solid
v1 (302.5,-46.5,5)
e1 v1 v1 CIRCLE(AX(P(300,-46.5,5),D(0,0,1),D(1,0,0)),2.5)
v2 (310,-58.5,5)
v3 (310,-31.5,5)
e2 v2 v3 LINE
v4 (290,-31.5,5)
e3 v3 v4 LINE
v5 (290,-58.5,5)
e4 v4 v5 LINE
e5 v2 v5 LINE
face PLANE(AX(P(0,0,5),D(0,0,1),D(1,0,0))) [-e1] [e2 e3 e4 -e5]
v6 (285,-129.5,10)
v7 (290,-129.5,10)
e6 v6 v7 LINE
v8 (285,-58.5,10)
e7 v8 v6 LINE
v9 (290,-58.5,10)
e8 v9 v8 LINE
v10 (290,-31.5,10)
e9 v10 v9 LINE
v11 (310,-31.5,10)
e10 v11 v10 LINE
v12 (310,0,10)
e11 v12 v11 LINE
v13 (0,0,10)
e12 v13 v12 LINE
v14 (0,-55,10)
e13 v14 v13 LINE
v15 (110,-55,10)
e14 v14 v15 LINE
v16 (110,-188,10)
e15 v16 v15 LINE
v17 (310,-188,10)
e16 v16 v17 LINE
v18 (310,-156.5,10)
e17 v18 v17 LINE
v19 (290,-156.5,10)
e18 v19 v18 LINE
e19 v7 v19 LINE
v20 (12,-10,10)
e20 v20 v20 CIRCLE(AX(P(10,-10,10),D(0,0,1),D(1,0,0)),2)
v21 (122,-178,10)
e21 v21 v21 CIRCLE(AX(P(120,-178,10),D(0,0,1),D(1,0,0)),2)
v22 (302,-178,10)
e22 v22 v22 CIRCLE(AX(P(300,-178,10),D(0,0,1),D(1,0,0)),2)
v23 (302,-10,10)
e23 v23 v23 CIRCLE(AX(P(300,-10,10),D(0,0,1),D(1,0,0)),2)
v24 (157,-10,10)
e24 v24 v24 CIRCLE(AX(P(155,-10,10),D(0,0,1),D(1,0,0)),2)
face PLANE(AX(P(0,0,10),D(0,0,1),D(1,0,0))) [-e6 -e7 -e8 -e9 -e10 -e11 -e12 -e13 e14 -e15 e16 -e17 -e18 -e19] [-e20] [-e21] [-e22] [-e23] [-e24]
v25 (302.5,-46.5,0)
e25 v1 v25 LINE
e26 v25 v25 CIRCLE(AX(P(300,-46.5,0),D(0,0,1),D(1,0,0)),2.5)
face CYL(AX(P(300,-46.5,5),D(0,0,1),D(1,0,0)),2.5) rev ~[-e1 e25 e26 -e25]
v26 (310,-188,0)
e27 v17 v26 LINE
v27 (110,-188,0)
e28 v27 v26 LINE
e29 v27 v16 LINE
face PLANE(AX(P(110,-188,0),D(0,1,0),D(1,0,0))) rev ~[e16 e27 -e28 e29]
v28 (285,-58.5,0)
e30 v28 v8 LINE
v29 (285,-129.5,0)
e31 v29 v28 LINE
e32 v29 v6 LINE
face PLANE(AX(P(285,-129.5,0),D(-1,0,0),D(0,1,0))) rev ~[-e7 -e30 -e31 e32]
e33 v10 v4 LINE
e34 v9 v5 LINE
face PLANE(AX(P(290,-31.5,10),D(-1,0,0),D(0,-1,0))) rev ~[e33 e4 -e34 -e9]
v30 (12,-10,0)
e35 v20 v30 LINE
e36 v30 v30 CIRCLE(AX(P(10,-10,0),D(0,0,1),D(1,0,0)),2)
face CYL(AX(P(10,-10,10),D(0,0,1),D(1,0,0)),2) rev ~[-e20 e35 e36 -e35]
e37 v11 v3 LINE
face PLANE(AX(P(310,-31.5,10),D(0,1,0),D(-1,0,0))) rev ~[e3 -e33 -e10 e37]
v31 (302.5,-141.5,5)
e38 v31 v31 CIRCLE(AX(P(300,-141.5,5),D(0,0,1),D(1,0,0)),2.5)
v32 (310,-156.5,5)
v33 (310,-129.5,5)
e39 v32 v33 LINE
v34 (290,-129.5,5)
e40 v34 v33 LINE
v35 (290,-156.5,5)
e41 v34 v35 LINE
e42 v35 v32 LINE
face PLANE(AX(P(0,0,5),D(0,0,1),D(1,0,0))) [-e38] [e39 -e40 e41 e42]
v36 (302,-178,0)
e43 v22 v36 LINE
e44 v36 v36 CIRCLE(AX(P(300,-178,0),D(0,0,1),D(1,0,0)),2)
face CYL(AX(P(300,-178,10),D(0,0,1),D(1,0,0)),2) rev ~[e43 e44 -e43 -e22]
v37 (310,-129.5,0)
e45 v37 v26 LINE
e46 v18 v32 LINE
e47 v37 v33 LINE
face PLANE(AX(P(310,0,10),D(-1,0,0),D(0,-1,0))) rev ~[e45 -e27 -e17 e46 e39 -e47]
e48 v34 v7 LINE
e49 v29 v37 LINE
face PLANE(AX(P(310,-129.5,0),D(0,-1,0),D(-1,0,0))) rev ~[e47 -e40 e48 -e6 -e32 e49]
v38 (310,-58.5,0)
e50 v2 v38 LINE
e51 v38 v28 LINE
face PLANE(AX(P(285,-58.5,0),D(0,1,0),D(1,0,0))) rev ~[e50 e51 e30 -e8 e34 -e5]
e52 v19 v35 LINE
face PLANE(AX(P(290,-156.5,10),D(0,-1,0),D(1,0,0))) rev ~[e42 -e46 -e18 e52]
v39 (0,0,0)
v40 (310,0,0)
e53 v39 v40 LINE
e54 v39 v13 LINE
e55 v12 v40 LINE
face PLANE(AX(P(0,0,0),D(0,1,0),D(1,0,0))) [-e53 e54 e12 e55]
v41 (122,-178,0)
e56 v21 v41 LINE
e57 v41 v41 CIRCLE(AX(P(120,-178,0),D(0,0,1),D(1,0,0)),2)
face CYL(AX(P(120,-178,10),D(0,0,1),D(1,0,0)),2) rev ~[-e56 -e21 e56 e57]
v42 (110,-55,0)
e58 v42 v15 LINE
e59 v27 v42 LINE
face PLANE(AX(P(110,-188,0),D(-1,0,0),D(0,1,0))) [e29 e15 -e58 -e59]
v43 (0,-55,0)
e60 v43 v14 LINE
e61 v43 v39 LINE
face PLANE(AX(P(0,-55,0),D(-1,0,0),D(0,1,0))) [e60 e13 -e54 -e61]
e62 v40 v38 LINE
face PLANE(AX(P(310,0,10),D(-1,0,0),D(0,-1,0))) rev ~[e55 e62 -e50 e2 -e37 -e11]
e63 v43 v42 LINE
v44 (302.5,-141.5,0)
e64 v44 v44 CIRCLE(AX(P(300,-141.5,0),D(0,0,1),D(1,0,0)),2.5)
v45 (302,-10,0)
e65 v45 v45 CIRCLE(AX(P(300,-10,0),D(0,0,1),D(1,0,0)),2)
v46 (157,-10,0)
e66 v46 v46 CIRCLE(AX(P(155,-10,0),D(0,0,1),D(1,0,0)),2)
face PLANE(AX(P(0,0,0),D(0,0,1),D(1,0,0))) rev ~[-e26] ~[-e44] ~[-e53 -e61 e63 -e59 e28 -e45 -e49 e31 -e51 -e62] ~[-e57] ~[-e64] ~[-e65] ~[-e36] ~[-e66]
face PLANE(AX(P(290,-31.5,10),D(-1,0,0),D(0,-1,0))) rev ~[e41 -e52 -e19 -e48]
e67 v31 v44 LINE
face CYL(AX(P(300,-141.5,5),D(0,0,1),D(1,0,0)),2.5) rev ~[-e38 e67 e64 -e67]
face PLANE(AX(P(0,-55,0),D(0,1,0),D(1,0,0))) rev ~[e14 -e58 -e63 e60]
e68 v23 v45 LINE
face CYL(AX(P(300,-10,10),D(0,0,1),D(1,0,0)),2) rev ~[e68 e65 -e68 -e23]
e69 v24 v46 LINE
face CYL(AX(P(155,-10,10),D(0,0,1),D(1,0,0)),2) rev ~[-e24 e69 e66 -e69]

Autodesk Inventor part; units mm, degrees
ref_plane "YZ Plane" through (0, 0, 0) normal (1, 0, 0) x (0, 1, 0)
ref_plane "XZ Plane" through (0, 0, 0) normal (0, 1, 0) x (-1, 0, 0)
ref_plane "XY Plane" through (0, 0, 0) normal (0, 0, 1) x (1, 0, 0)
sketch "Sketch1" plane through (0, 0, 0) normal (0, 0, 1) x (1, 0, 0)
  line L0 (0, 0) -> (620, 0)
  line L1 (110, -188) -> (510, -188)
  line L2 (510, -188) -> (510, -55)
  line L3 (510, -55) -> (620, -55)
  line L4 (620, -55) -> (620, 0)
  line L5 (110, -188) -> (110, -55)
  line L6 (0, -55) -> (0, 0)
  line L7 (0, -55) -> (110, -55)
  point P0 (310, -188)
  point P1 (310, 0)
  dimension "d0" = 620
  dimension "d1" = 188
  dimension "d2" = 400
  dimension "d3" = 133
extrude "Extrusion1" add sketch "Sketch1" along normal blind 10
sketch "Sketch2" plane through (0, 0, 10) normal (0, 0, 1) x (1, 0, 0)
  line L0 (620, 0) -> (0, 0) projected
  line L1 (510, -188) -> (110, -188) projected
  line L2 (620, 0) -> (310, 0)
  line L3 (310, 0) -> (310, -188)
  line L4 (310, -188) -> (620, -188)
  line L5 (620, -188) -> (620, 0)
extrude "Extrusion2" cut sketch "Sketch2" against normal through all
sketch "Sketch3" plane through (0, 0, 10) normal (0, 0, 1) x (1, 0, 0)
  circle A0 centre (10, -10) radius 2
  line L0 (310, 0) -> (0, 0) projected
  line L1 (0, 0) -> (0, -55) projected
  circle A1 centre (155, -10) radius 2
  circle A2 centre (300, -10) radius 2
  line L2 (310, -188) -> (310, 0) projected
  line L3 (10, -10) -> (300, -10) construction
  circle A3 centre (120, -178) radius 2
  line L4 (110, -55) -> (110, -188) projected
  line L5 (110, -188) -> (310, -188) projected
  circle A4 centre (300, -178) radius 2
  dimension "d8" = 4
  dimension "d9" = 10
  dimension "d10" = 10
  dimension "d11" = 4
  dimension "d12" = 4
  dimension "d13" = 10
  dimension "d14" = 4
  dimension "d15" = 10
  dimension "d16" = 10
  dimension "d17" = 4
  dimension "d18" = 10
  dimension "d19" = 10
extrude "Extrusion3" cut sketch "Sketch3" against normal through all
sketch "Sketch6" plane through (0, 0, 10) normal (0, 0, 1) x (1, 0, 0)
  line L0 (310, -31.5) -> (290, -31.5)
  line L1 (290, -31.5) -> (290, -156.5)
  line L2 (290, -156.5) -> (310, -156.5)
  line L3 (310, -156.5) -> (310, -31.5)
  line L4 (310, -188) -> (310, 0) projected
  point P0 (0, 0)
  point P1 (310, -94)
  dimension "d42" = 20
  dimension "d43" = 125
extrude "Extrusion6" cut sketch "Sketch6" against normal blind 5
sketch "Sketch7" plane through (0, 0, 5) normal (0, 0, 1) x (1, 0, 0)
  line L0 (300, -46.5) -> (300, -141.5) construction
  circle A0 centre (300, -46.5) radius 2.5
  circle A1 centre (300, -141.5) radius 2.5
  line L1 (310, -31.5) -> (310, -156.5) projected
  point P0 (0, 0)
  point P1 (300, -94)
  point P2 (310, -94)
  dimension "d46" = 5
  dimension "d47" = 5
  dimension "d48" = 10
  dimension "d49" = 95
extrude "Extrusion7" cut sketch "Sketch7" against normal through all
sketch "Sketch8" plane through (0, 0, 0) normal (0, 0, -1) x (-1, 0, 0)
  line L0 (-285, -58.5) -> (-335, -58.5)
  line L1 (-335, -58.5) -> (-335, -129.5)
  line L2 (-335, -129.5) -> (-285, -129.5)
  line L3 (-285, -129.5) -> (-285, -58.5)
  line L4 (-310, 0) -> (-310, -188) projected
  point P0 (0, 0)
  point P1 (-335, -94)
  point P2 (-310, -94)
  point P3 (-310, -58.5)
  dimension "d52" = 50
  dimension "d53" = 71
extrude "Extrusion8" cut sketch "Sketch8" against normal through all
properties part number "SP001b" material "ABS Plastic"
